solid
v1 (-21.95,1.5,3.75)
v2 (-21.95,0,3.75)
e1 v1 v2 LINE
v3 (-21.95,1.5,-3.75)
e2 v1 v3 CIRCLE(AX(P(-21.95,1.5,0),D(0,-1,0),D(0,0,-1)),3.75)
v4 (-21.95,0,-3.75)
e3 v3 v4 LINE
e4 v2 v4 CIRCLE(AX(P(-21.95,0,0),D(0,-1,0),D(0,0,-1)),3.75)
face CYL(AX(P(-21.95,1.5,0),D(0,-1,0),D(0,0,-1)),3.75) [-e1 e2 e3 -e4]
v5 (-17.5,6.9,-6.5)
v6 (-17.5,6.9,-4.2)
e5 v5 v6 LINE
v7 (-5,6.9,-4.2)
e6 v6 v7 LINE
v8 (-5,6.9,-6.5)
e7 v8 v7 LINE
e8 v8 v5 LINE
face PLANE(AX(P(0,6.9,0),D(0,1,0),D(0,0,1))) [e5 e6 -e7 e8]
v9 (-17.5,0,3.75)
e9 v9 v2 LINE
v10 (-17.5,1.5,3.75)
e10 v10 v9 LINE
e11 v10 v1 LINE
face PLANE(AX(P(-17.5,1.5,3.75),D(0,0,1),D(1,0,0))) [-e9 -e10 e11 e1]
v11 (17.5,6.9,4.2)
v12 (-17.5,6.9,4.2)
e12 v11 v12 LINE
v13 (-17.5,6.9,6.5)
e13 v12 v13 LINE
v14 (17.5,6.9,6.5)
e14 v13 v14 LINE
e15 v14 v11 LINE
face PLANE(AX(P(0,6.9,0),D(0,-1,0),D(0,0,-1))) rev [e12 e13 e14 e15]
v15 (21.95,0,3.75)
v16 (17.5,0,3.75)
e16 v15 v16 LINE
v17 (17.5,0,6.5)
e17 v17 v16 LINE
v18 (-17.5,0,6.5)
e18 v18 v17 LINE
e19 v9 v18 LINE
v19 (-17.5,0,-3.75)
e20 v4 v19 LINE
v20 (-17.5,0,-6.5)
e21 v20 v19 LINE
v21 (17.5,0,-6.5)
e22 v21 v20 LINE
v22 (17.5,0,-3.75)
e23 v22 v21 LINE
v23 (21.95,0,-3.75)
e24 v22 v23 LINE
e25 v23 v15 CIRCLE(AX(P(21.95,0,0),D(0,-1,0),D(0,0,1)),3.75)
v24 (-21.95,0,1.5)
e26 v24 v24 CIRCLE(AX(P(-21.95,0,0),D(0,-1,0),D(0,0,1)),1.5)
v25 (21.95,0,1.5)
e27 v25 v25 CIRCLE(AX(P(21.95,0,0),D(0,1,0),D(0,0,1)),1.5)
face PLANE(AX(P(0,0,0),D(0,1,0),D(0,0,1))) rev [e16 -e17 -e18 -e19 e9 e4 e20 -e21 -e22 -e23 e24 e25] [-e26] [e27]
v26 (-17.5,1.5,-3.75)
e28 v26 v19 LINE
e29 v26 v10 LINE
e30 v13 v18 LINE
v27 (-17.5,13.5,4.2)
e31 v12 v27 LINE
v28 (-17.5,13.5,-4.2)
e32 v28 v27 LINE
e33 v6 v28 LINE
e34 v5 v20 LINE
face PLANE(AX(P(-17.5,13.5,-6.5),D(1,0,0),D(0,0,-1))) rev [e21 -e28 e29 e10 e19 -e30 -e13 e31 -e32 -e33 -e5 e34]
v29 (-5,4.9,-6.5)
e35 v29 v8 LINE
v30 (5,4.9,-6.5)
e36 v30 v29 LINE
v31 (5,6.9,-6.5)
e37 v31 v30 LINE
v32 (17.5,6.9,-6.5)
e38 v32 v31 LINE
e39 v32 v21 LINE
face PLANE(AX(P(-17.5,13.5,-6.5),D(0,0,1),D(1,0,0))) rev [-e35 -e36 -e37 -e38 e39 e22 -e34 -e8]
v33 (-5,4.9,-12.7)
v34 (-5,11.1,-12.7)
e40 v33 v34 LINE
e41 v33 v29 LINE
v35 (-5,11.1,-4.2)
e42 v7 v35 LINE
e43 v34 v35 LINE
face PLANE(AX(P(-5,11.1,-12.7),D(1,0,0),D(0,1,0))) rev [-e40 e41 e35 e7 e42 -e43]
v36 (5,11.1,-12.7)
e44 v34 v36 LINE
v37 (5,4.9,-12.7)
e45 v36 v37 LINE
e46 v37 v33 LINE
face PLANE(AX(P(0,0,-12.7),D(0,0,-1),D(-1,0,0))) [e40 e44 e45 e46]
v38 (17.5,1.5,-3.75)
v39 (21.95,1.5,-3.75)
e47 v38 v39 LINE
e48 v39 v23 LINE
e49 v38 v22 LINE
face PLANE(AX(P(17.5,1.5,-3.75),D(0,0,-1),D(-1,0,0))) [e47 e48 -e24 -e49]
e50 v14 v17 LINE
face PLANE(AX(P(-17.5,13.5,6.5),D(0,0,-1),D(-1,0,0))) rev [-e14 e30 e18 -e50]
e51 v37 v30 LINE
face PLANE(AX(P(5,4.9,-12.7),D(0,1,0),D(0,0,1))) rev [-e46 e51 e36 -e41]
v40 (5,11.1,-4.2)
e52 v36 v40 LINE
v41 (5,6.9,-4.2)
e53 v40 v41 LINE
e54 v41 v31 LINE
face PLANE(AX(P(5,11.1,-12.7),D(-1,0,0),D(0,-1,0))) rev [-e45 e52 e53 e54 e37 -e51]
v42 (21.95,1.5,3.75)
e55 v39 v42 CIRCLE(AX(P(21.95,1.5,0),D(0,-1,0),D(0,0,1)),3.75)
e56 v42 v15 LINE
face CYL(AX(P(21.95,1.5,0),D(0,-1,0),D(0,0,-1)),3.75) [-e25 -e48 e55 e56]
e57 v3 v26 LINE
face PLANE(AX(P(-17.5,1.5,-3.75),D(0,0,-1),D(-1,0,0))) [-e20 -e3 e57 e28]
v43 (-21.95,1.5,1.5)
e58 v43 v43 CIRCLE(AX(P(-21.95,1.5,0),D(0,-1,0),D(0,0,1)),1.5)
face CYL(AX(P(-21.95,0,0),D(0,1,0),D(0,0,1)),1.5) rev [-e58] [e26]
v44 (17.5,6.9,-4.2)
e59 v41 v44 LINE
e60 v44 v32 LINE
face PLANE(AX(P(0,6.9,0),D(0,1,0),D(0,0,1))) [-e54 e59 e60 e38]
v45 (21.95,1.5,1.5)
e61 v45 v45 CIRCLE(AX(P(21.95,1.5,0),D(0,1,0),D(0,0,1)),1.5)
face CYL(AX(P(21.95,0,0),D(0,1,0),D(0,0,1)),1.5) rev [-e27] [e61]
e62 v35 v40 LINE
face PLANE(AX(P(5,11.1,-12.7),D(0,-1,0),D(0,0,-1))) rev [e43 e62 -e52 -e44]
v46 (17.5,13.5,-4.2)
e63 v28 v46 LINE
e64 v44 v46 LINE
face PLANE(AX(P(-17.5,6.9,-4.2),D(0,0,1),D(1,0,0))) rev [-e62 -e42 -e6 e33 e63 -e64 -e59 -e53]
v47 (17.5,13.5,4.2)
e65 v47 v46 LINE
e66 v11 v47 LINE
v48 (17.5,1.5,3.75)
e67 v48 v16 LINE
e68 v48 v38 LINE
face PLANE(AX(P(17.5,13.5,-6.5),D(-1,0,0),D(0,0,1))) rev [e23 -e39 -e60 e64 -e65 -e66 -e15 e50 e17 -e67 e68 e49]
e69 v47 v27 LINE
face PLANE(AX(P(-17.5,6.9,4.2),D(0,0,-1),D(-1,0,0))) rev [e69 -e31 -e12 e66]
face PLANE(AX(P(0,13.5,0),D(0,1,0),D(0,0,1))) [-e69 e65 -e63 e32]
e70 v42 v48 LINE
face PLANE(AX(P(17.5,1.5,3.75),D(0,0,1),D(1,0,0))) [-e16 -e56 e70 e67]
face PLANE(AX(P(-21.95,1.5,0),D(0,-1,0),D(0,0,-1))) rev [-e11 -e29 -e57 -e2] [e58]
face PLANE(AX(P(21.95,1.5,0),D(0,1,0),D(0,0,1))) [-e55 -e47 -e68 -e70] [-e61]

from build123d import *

# Parameters (mm, degrees)
SKETCH1_W           = 35
SKETCH1_H           = 13
BOSS_EXTRUDE1_DEPTH = 13.5
BOSS_EXTRUDE2_DEPTH = 1.5
BOSS_EXTRUDE3_DEPTH = 1.5
SKETCH4_R           = 1.5
CUT_EXTRUDE1_DEPTH  = 1.5
SKETCH5_W           = 35
SKETCH5_H           = 2.3
CUT_EXTRUDE2_DEPTH  = 6.6
SKETCH6_W           = 10
SKETCH6_H           = 6.2
BOSS_EXTRUDE4_DEPTH = 6.2
SKETCH6_2_W         = 10
SKETCH6_2_H         = 6.2
BOSS_EXTRUDE5_DEPTH = 2.3


with BuildPart() as part:
    # Sketch1 → Boss-Extrude1 (new body)
    with BuildSketch(Plane(origin=(0, 0, 0), x_dir=(1, 0, 0), z_dir=(0, 1, 0))):
        Rectangle(SKETCH1_W, SKETCH1_H)
    extrude(amount=BOSS_EXTRUDE1_DEPTH)

    # Sketch2 → Boss-Extrude2 (add)
    with BuildSketch(Plane.XZ):
        with BuildLine():
            Line((17.5, 3.75), (17.5, -3.75))
            Line((17.5, -3.75), (21.95, -3.75))
            ThreePointArc((21.95, -3.75), (25.7, 0), (21.95, 3.75))
            Line((21.95, 3.75), (17.5, 3.75))
        make_face()
    extrude(amount=-BOSS_EXTRUDE2_DEPTH)

    # Sketch3 → Boss-Extrude3 (add)
    with BuildSketch(Plane.XZ):
        with BuildLine():
            Line((-17.5, 3.75), (-17.5, -3.75))
            Line((-17.5, -3.75), (-21.95, -3.75))
            ThreePointArc((-21.95, -3.75), (-25.7, 0), (-21.95, 3.75))
            Line((-21.95, 3.75), (-17.5, 3.75))
        make_face()
    extrude(amount=-BOSS_EXTRUDE3_DEPTH)

    # Sketch4 → Cut-Extrude1 (cut)
    with BuildSketch(Plane(origin=(0, 1.5, 0), x_dir=(1, 0, 0), z_dir=(0, 1, 0))):
        with Locations(Location((21.95, 0, 0), (0, 0, 270))):
            Circle(SKETCH4_R)
    cut_extrude1 = extrude(amount=-CUT_EXTRUDE1_DEPTH, mode=Mode.SUBTRACT)

    # Mirror1: Cut-Extrude1 across plane
    add(cut_extrude1.mirror(Plane(origin=(0, 0, 0), x_dir=(0, 0, 1), z_dir=(1, 0, 0))), mode=Mode.SUBTRACT)

    # Sketch5 → Cut-Extrude2 (cut)
    with BuildSketch(Plane(origin=(0, 13.5, 0), x_dir=(1, 0, 0), z_dir=(0, 1, 0))):
        with Locations((0, 5.35)):
            Rectangle(SKETCH5_W, SKETCH5_H)
        with Locations((0, -5.35)):
            Rectangle(SKETCH5_W, SKETCH5_H)
    extrude(amount=-CUT_EXTRUDE2_DEPTH, mode=Mode.SUBTRACT)

    # Sketch6 → Boss-Extrude4 (add)
    with BuildSketch(Plane(origin=(0, 0, -6.5), x_dir=(-1, 0, 0), z_dir=(0, 0, -1))):
        with Locations((0, 8)):
            Rectangle(SKETCH6_W, SKETCH6_H)
    extrude(amount=BOSS_EXTRUDE4_DEPTH)

    # Sketch6<2> → Boss-Extrude5 (add)
    with BuildSketch(Plane(origin=(0, 0, -6.5), x_dir=(-1, 0, 0), z_dir=(0, 0, -1))):
        with Locations((0, 8)):
            Rectangle(SKETCH6_2_W, SKETCH6_2_H)
    extrude(amount=-BOSS_EXTRUDE5_DEPTH)


solid = part.part
